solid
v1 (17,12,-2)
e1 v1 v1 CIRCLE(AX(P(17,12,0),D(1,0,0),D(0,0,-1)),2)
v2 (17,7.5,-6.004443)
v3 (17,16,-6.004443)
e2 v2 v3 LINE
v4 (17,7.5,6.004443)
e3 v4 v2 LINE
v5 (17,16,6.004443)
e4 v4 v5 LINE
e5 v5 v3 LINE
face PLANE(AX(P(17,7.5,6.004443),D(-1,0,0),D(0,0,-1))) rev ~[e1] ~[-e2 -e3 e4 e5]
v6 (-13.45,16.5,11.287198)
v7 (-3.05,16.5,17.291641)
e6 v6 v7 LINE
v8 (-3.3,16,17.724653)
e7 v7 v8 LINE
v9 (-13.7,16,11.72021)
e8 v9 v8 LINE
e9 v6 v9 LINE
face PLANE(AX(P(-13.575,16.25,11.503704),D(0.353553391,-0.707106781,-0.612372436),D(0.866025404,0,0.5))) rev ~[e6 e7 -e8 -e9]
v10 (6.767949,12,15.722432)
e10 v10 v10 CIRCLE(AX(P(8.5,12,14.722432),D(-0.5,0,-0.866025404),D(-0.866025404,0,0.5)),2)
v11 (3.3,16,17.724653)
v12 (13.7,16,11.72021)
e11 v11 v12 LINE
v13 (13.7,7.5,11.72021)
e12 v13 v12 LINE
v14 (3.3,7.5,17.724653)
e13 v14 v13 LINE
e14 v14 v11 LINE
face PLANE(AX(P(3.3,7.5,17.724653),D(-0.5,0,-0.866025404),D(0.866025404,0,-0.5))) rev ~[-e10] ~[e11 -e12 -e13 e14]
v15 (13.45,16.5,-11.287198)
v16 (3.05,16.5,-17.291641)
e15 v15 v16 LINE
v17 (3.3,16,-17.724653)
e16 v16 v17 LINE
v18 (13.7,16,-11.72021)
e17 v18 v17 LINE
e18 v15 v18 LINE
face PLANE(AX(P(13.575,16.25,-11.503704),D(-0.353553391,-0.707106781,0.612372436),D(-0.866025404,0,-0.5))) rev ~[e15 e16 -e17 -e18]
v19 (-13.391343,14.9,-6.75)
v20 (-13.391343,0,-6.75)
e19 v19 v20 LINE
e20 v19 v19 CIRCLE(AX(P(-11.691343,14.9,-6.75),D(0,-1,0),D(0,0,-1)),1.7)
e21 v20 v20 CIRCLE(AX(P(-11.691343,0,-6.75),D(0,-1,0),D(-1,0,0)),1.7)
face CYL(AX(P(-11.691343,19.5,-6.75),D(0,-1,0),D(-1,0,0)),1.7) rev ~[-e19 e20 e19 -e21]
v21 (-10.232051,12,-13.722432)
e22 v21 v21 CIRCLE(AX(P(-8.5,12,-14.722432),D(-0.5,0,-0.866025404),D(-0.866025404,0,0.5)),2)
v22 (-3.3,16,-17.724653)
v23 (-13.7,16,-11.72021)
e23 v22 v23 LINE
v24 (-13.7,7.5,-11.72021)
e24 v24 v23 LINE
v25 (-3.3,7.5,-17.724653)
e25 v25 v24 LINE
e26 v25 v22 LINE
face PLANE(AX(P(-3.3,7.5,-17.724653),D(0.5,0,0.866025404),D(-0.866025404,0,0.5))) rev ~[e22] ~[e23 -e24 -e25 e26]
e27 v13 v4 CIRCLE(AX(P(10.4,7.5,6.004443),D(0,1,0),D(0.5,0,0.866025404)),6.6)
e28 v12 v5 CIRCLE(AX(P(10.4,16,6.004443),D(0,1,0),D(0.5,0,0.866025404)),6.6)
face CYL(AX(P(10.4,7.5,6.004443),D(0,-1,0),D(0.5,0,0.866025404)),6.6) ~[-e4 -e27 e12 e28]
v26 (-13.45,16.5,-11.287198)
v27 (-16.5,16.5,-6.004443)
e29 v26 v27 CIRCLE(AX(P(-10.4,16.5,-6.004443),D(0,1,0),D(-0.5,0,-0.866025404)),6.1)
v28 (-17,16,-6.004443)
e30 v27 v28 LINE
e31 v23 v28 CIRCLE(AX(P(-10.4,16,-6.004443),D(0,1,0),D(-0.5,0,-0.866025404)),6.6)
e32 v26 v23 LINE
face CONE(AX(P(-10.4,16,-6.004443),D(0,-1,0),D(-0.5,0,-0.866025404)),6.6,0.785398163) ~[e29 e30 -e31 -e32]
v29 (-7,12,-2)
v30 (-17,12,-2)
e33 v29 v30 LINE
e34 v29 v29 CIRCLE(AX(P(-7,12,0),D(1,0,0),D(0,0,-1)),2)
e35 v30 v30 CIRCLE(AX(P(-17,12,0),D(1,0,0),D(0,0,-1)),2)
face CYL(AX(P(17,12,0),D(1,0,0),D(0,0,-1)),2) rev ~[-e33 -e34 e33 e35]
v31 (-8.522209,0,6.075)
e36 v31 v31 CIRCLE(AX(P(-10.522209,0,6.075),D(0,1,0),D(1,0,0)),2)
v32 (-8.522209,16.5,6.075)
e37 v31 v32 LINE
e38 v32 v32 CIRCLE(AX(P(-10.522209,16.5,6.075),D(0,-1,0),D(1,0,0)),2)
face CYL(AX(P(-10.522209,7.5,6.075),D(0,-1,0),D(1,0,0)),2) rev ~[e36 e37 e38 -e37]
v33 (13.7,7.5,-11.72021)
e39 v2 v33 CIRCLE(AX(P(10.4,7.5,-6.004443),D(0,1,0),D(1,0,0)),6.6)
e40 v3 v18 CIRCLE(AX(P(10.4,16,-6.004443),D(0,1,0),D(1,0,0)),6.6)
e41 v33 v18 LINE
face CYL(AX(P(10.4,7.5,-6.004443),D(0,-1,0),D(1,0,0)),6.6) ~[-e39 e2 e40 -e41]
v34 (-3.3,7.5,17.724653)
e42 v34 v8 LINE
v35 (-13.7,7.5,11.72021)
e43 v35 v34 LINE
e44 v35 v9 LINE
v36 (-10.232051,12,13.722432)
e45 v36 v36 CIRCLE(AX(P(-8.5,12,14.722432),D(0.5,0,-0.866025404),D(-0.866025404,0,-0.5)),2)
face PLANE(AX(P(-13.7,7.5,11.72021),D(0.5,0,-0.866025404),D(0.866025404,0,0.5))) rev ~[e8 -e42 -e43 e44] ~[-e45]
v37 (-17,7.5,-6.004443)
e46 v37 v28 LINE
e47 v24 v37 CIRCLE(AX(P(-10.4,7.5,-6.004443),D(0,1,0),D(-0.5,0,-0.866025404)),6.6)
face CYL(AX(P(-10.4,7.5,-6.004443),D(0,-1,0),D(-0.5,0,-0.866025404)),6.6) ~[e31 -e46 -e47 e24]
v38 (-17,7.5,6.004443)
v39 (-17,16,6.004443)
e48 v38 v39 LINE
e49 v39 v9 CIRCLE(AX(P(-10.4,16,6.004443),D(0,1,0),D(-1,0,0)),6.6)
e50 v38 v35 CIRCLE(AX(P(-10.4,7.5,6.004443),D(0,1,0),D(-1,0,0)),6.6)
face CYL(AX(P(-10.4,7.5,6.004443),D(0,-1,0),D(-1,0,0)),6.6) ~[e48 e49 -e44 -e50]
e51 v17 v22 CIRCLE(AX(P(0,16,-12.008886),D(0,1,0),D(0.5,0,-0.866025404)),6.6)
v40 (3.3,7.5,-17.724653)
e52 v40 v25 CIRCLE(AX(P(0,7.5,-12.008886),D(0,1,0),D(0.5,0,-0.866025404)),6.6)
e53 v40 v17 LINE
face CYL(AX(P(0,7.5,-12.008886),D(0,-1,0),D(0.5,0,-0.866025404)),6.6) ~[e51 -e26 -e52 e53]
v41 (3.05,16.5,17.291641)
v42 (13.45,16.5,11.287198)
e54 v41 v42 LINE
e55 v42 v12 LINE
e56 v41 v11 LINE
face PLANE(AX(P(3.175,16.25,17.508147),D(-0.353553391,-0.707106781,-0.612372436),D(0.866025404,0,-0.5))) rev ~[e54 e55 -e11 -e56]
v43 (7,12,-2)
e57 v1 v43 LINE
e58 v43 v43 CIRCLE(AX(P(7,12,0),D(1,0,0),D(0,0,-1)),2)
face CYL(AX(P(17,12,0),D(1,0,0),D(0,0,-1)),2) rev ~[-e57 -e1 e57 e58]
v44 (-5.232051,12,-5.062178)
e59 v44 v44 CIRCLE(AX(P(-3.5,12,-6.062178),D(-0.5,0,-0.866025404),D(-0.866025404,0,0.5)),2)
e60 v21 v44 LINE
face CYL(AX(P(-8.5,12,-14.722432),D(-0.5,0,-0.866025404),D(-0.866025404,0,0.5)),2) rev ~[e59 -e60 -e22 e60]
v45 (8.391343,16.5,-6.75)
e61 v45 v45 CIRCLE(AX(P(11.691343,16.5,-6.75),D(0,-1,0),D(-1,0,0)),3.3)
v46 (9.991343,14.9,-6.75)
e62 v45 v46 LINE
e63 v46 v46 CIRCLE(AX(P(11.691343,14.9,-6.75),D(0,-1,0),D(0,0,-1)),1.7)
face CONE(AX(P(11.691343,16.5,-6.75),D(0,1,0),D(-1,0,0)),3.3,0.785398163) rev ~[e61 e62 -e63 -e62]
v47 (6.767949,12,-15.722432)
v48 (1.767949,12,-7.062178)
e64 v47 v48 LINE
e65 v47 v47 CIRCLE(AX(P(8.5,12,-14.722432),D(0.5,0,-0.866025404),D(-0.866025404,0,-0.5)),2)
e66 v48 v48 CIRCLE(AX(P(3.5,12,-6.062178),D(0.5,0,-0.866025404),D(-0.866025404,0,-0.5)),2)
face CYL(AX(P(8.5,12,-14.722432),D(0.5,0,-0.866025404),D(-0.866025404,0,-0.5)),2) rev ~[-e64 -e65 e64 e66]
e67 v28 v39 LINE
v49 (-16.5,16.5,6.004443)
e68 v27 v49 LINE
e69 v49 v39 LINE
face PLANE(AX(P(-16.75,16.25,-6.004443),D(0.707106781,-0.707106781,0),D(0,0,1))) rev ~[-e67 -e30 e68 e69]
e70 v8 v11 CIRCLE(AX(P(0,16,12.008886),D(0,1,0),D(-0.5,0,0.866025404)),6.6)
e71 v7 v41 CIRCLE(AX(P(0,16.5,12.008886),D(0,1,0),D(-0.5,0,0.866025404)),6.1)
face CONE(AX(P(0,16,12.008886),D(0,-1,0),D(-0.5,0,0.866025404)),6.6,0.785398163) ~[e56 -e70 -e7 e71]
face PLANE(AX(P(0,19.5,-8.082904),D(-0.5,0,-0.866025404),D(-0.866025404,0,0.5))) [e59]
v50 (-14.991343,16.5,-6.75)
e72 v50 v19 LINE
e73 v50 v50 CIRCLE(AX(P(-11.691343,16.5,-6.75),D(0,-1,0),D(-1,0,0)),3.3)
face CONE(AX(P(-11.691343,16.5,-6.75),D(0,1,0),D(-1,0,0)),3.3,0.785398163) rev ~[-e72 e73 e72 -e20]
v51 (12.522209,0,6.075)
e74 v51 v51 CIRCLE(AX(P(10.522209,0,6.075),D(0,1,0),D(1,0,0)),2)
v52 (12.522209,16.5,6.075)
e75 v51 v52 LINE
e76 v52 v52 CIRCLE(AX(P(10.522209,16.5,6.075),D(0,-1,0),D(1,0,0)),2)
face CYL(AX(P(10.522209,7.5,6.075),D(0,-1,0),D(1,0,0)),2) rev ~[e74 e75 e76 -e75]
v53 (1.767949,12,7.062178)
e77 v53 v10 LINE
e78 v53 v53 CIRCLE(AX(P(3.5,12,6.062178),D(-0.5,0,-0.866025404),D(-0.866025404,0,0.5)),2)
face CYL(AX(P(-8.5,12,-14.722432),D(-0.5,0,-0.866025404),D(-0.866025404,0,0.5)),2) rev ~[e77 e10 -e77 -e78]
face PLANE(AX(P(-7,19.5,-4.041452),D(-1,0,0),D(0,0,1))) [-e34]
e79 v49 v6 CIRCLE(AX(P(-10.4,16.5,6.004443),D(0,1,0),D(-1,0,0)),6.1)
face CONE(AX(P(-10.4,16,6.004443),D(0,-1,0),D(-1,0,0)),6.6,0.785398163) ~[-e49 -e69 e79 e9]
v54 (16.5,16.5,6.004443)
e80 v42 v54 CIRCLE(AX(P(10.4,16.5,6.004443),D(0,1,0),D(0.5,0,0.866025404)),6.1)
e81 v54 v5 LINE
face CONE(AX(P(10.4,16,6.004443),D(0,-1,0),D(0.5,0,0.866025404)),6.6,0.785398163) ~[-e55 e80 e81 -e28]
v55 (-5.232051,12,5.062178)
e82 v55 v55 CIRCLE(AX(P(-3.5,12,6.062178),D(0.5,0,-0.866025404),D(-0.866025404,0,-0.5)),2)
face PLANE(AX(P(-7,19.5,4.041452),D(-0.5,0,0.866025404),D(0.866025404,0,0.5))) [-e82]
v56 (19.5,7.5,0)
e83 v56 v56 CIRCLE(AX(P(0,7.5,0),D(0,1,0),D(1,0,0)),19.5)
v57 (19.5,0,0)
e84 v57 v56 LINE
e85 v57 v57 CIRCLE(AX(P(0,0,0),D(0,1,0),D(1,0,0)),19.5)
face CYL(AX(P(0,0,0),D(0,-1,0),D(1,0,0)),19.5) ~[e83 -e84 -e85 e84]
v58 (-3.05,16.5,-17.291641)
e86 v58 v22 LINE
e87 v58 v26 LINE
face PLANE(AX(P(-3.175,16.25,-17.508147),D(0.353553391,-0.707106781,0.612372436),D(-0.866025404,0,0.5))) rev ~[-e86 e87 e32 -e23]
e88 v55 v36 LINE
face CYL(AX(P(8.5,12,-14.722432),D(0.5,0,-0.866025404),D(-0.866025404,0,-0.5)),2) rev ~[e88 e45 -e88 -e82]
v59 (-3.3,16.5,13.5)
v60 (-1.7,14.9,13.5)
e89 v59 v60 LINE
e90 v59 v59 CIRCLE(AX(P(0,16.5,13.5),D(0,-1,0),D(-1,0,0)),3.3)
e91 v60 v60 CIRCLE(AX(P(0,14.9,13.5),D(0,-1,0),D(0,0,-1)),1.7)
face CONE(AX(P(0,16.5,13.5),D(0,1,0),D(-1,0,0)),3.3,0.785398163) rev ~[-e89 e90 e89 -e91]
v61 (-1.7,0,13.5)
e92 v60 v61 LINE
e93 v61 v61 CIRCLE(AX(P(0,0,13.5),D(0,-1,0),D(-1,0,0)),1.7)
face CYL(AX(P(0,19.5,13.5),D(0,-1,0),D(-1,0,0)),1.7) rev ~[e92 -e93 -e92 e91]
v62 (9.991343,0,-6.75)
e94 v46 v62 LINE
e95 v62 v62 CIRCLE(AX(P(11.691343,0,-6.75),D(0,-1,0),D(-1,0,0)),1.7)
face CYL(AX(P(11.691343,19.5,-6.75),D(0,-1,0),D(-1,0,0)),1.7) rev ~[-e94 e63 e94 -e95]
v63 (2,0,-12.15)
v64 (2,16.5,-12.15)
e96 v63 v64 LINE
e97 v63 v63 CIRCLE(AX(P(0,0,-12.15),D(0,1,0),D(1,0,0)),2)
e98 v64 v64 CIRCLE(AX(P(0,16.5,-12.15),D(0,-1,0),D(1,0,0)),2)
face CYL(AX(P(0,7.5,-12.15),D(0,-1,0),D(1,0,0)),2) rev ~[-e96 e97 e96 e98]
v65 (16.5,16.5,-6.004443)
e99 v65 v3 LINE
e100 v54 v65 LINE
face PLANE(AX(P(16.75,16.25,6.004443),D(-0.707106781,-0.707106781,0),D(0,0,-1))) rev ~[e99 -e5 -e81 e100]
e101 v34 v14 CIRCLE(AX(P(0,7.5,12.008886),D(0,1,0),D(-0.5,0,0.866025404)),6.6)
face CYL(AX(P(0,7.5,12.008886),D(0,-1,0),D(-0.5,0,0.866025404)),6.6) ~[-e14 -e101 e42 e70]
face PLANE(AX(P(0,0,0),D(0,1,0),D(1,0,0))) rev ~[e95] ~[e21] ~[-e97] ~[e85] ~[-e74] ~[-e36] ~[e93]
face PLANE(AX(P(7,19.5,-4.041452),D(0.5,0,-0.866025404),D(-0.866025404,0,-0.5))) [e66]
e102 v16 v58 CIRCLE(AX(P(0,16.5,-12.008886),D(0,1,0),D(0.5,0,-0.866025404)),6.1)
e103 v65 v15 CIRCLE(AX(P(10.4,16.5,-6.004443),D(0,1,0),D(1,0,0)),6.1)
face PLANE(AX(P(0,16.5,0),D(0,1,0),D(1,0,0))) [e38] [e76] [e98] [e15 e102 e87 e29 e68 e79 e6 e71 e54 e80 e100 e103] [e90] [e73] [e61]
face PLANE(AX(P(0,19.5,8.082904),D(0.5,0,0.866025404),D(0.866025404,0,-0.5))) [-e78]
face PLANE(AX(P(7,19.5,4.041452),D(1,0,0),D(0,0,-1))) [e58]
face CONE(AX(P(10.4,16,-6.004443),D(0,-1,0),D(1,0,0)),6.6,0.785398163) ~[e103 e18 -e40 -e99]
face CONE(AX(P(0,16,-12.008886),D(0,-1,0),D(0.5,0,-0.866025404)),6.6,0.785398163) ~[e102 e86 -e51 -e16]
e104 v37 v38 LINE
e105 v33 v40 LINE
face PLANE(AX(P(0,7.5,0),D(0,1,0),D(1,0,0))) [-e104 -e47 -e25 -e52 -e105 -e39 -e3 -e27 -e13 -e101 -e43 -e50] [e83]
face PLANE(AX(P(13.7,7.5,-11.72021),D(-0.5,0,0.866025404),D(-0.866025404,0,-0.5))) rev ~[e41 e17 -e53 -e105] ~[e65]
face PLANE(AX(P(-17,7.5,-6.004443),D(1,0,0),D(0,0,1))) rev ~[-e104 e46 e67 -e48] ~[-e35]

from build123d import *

# Parameters (mm, degrees)
SKETCH_9_R                = 19.5
SKETCH_9_R_2              = 2
SKETCH_9_R_3              = 1.5
EXTRUDE_1_DEPTH           = 7.5
EXTRUDE_2_DEPTH           = 12
SKETCH_15_R               = 2
CUT_EXTRUDE_2_DEPTH       = 10.637495374
CUT_EXTRUDE_2_DEPTH_BACK  = 44.637495374
SKETCH_16_R               = 2
CUT_EXTRUDE_3_DEPTH       = 10.637495374
CUT_EXTRUDE_3_DEPTH_BACK  = 44.637495374
SKETCH_17_R               = 2
CUT_EXTRUDE_4_DEPTH       = 3.5
CUT_EXTRUDE_4_DEPTH_BACK  = 37.5
EXTRUDE_3_DEPTH           = 19.5
SKETCH_19_R               = 1.5
SKETCH_19_R_2             = 2
CUT_EXTRUDE_5_DEPTH       = 8.5
CUT_EXTRUDE_5_DEPTH_BACK  = 13
HOLE_WIZARD_3_D           = 3.4
HOLE_WIZARD_3_CSINK_D     = 6.6
HOLE_WIZARD_3_CSINK_ANGLE = 90
CUT_EXTRUDE_6_DEPTH       = 3
CHAMFER_2_SIZE            = 0.5
HOLE_WIZARD_4_D           = 3.2
HOLE_WIZARD_4_CSINK_D     = 6.6
HOLE_WIZARD_4_CSINK_ANGLE = 90


with BuildPart() as part:
    # 草图9 → 凸台-拉伸1 (new body)
    with BuildSketch(Plane(origin=(0, 0, 0), x_dir=(1, 0, 0), z_dir=(0, 1, 0))):
        Circle(SKETCH_9_R)
        with Locations((0, 12.15)):
            Circle(SKETCH_9_R_2, mode=Mode.SUBTRACT)
        with Locations((-10.522208656, -6.075)):
            Circle(SKETCH_9_R_2, mode=Mode.SUBTRACT)
        with Locations((10.522208656, -6.075)):
            Circle(SKETCH_9_R_2, mode=Mode.SUBTRACT)
        with Locations((-11.691342951, 6.75)):
            Circle(SKETCH_9_R_3, mode=Mode.SUBTRACT)
        with Locations((0, -13.5)):
            Circle(SKETCH_9_R_3, mode=Mode.SUBTRACT)
        with Locations((11.691342951, 6.75)):
            Circle(SKETCH_9_R_3, mode=Mode.SUBTRACT)
    extrude(amount=EXTRUDE_1_DEPTH)

    # 草图13 → 凸台-拉伸2 (add)
    with BuildSketch(Plane(origin=(0, 7.5, 0), x_dir=(1, 0, 0), z_dir=(0, 1, 0))):
        with BuildLine():
            Line((-13.7, -11.720210465), (-3.3, -17.724653264))
            ThreePointArc((-3.3, -17.724653264), (0, -18.608885599), (3.3, -17.724653264))
            Line((3.3, -17.724653264), (13.7, -11.720210465))
            ThreePointArc((13.7, -11.720210465), (16.115767665, -9.3044428), (17, -6.0044428))
            Line((17, -6.0044428), (17, 6.0044428))
            ThreePointArc((17, 6.0044428), (16.115767665, 9.3044428), (13.7, 11.720210465))
            Line((13.7, 11.720210465), (3.3, 17.724653264))
            ThreePointArc((3.3, 17.724653264), (0, 18.608885599), (-3.3, 17.724653264))
            Line((-3.3, 17.724653264), (-13.7, 11.720210465))
            ThreePointArc((-13.7, 11.720210465), (-16.115767665, 9.3044428), (-17, 6.0044428))
            Line((-17, 6.0044428), (-17, -6.0044428))
            ThreePointArc((-17, -6.0044428), (-16.115767665, -9.3044428), (-13.7, -11.720210465))
        make_face()
    extrude(amount=EXTRUDE_2_DEPTH)

    # 草图15 → 切除-拉伸2 (cut, two sides)
    with BuildSketch(Plane(origin=(-8.5, 0, -14.722431864), x_dir=(-0.866025404, 0, 0.5), z_dir=(-0.5, 0, -0.866025404))) as cut_extrude_2_sk:
        with Locations((0, 12)):
            Circle(SKETCH_15_R)
    extrude(amount=CUT_EXTRUDE_2_DEPTH, mode=Mode.SUBTRACT)
    extrude(cut_extrude_2_sk.sketch, amount=-CUT_EXTRUDE_2_DEPTH_BACK, mode=Mode.SUBTRACT)

    # 草图16 → 切除-拉伸3 (cut, two sides)
    with BuildSketch(Plane(origin=(8.5, 0, -14.722431864), x_dir=(-0.866025404, 0, -0.5), z_dir=(0.5, 0, -0.866025404))) as cut_extrude_3_sk:
        with Locations((0, 12)):
            Circle(SKETCH_16_R)
    extrude(amount=CUT_EXTRUDE_3_DEPTH, mode=Mode.SUBTRACT)
    extrude(cut_extrude_3_sk.sketch, amount=-CUT_EXTRUDE_3_DEPTH_BACK, mode=Mode.SUBTRACT)

    # 草图17 → 切除-拉伸4 (cut, two sides)
    with BuildSketch(Plane(origin=(17, 0, 0), x_dir=(0, 0, -1), z_dir=(1, 0, 0))) as cut_extrude_4_sk:
        with Locations((0, 12)):
            Circle(SKETCH_17_R)
    extrude(amount=CUT_EXTRUDE_4_DEPTH, mode=Mode.SUBTRACT)
    extrude(cut_extrude_4_sk.sketch, amount=-CUT_EXTRUDE_4_DEPTH_BACK, mode=Mode.SUBTRACT)

    # 草图18 → 凸台-拉伸3 (add)
    with BuildSketch(Plane(origin=(0, 19.5, 0), x_dir=(1, 0, 0), z_dir=(0, 1, 0))):
        Polygon((-7, -4.041451884), (0, -8.082903769), (7, -4.041451884), (7, 4.041451884), (0, 8.082903769), (-7, 4.041451884), align=None)
    extrude(amount=-EXTRUDE_3_DEPTH)

    # 草图19 → 切除-拉伸5 (cut, two sides)
    with BuildSketch(Plane.XZ.offset(-7.5)) as cut_extrude_5_sk:
        with Locations((-11.691342951, -6.75)):
            Circle(SKETCH_19_R)
        with Locations((-10.522208656, 6.075)):
            Circle(SKETCH_19_R_2)
        with Locations((0, 13.5)):
            Circle(SKETCH_19_R)
        with Locations((10.522208656, 6.075)):
            Circle(SKETCH_19_R_2)
        with Locations((11.691342951, -6.75)):
            Circle(SKETCH_19_R)
        with Locations((0, -12.15)):
            Circle(SKETCH_19_R_2)
    extrude(amount=CUT_EXTRUDE_5_DEPTH, mode=Mode.SUBTRACT)
    extrude(cut_extrude_5_sk.sketch, amount=-CUT_EXTRUDE_5_DEPTH_BACK, mode=Mode.SUBTRACT)

    # 打孔尺寸(%根据十字)槽沉头木螺钉的类型3 (through all)
    with Locations(Plane(origin=(0, 19.5, 0), x_dir=(1, 0, 0), z_dir=(0, 1, 0))):
        with Locations((11.691342951, 6.75), (0, -13.5), (-11.691342951, 6.75)):
            CounterSinkHole(HOLE_WIZARD_3_D / 2, HOLE_WIZARD_3_CSINK_D / 2, counter_sink_angle=HOLE_WIZARD_3_CSINK_ANGLE)

    # 草图26 → 切除-拉伸6 (cut)
    with BuildSketch(Plane(origin=(0, 19.5, 0), x_dir=(1, 0, 0), z_dir=(0, 1, 0))):
        with BuildLine():
            Line((17, -6.0044428), (17, 6.0044428))
            ThreePointArc((17, 6.0044428), (16.115767665, 9.3044428), (13.7, 11.720210465))
            Line((13.7, 11.720210465), (3.3, 17.724653264))
            ThreePointArc((3.3, 17.724653264), (0, 18.608885599), (-3.3, 17.724653264))
            Line((-3.3, 17.724653264), (-13.7, 11.720210465))
            ThreePointArc((-13.7, 11.720210465), (-16.115767665, 9.3044428), (-17, 6.0044428))
            Line((-17, 6.0044428), (-17, -6.0044428))
            ThreePointArc((-17, -6.0044428), (-16.115767665, -9.3044428), (-13.7, -11.720210465))
            Line((-13.7, -11.720210465), (-3.3, -17.724653264))
            ThreePointArc((-3.3, -17.724653264), (0, -18.608885599), (3.3, -17.724653264))
            Line((3.3, -17.724653264), (13.7, -11.720210465))
            ThreePointArc((13.7, -11.720210465), (16.115767665, -9.3044428), (17, -6.0044428))
        make_face()
    extrude(amount=-CUT_EXTRUDE_6_DEPTH, mode=Mode.SUBTRACT)

    # 倒角2
    chamfer_2_edges = [part.edges().sort_by_distance(p)[0] for p in [
        (16.115767665, 16.5, 9.3044428),
        (8.5, 16.5, 14.722431864),
        (0, 16.5, 18.608885599),
        (-8.5, 16.5, 14.722431864),
        (-16.115767665, 16.5, 9.3044428),
        (-17, 16.5, 0),
        (-16.115767665, 16.5, -9.3044428),
        (-8.5, 16.5, -14.722431864),
        (0, 16.5, -18.608885599),
        (8.5, 16.5, -14.722431864),
        (16.115767665, 16.5, -9.3044428),
        (17, 16.5, 0),
    ]]
    chamfer(chamfer_2_edges, length=CHAMFER_2_SIZE)

    # 打孔尺寸(%根据十字)槽沉头木螺钉的类型4 (through all)
    with Locations(Plane(origin=(0, 16.5, 0), x_dir=(1, 0, 0), z_dir=(0, 1, 0))):
        with Locations((0, -13.5), (11.691342951, 6.75), (-11.691342951, 6.75)):
            CounterSinkHole(HOLE_WIZARD_4_D / 2, HOLE_WIZARD_4_CSINK_D / 2, counter_sink_angle=HOLE_WIZARD_4_CSINK_ANGLE)


solid = part.part
